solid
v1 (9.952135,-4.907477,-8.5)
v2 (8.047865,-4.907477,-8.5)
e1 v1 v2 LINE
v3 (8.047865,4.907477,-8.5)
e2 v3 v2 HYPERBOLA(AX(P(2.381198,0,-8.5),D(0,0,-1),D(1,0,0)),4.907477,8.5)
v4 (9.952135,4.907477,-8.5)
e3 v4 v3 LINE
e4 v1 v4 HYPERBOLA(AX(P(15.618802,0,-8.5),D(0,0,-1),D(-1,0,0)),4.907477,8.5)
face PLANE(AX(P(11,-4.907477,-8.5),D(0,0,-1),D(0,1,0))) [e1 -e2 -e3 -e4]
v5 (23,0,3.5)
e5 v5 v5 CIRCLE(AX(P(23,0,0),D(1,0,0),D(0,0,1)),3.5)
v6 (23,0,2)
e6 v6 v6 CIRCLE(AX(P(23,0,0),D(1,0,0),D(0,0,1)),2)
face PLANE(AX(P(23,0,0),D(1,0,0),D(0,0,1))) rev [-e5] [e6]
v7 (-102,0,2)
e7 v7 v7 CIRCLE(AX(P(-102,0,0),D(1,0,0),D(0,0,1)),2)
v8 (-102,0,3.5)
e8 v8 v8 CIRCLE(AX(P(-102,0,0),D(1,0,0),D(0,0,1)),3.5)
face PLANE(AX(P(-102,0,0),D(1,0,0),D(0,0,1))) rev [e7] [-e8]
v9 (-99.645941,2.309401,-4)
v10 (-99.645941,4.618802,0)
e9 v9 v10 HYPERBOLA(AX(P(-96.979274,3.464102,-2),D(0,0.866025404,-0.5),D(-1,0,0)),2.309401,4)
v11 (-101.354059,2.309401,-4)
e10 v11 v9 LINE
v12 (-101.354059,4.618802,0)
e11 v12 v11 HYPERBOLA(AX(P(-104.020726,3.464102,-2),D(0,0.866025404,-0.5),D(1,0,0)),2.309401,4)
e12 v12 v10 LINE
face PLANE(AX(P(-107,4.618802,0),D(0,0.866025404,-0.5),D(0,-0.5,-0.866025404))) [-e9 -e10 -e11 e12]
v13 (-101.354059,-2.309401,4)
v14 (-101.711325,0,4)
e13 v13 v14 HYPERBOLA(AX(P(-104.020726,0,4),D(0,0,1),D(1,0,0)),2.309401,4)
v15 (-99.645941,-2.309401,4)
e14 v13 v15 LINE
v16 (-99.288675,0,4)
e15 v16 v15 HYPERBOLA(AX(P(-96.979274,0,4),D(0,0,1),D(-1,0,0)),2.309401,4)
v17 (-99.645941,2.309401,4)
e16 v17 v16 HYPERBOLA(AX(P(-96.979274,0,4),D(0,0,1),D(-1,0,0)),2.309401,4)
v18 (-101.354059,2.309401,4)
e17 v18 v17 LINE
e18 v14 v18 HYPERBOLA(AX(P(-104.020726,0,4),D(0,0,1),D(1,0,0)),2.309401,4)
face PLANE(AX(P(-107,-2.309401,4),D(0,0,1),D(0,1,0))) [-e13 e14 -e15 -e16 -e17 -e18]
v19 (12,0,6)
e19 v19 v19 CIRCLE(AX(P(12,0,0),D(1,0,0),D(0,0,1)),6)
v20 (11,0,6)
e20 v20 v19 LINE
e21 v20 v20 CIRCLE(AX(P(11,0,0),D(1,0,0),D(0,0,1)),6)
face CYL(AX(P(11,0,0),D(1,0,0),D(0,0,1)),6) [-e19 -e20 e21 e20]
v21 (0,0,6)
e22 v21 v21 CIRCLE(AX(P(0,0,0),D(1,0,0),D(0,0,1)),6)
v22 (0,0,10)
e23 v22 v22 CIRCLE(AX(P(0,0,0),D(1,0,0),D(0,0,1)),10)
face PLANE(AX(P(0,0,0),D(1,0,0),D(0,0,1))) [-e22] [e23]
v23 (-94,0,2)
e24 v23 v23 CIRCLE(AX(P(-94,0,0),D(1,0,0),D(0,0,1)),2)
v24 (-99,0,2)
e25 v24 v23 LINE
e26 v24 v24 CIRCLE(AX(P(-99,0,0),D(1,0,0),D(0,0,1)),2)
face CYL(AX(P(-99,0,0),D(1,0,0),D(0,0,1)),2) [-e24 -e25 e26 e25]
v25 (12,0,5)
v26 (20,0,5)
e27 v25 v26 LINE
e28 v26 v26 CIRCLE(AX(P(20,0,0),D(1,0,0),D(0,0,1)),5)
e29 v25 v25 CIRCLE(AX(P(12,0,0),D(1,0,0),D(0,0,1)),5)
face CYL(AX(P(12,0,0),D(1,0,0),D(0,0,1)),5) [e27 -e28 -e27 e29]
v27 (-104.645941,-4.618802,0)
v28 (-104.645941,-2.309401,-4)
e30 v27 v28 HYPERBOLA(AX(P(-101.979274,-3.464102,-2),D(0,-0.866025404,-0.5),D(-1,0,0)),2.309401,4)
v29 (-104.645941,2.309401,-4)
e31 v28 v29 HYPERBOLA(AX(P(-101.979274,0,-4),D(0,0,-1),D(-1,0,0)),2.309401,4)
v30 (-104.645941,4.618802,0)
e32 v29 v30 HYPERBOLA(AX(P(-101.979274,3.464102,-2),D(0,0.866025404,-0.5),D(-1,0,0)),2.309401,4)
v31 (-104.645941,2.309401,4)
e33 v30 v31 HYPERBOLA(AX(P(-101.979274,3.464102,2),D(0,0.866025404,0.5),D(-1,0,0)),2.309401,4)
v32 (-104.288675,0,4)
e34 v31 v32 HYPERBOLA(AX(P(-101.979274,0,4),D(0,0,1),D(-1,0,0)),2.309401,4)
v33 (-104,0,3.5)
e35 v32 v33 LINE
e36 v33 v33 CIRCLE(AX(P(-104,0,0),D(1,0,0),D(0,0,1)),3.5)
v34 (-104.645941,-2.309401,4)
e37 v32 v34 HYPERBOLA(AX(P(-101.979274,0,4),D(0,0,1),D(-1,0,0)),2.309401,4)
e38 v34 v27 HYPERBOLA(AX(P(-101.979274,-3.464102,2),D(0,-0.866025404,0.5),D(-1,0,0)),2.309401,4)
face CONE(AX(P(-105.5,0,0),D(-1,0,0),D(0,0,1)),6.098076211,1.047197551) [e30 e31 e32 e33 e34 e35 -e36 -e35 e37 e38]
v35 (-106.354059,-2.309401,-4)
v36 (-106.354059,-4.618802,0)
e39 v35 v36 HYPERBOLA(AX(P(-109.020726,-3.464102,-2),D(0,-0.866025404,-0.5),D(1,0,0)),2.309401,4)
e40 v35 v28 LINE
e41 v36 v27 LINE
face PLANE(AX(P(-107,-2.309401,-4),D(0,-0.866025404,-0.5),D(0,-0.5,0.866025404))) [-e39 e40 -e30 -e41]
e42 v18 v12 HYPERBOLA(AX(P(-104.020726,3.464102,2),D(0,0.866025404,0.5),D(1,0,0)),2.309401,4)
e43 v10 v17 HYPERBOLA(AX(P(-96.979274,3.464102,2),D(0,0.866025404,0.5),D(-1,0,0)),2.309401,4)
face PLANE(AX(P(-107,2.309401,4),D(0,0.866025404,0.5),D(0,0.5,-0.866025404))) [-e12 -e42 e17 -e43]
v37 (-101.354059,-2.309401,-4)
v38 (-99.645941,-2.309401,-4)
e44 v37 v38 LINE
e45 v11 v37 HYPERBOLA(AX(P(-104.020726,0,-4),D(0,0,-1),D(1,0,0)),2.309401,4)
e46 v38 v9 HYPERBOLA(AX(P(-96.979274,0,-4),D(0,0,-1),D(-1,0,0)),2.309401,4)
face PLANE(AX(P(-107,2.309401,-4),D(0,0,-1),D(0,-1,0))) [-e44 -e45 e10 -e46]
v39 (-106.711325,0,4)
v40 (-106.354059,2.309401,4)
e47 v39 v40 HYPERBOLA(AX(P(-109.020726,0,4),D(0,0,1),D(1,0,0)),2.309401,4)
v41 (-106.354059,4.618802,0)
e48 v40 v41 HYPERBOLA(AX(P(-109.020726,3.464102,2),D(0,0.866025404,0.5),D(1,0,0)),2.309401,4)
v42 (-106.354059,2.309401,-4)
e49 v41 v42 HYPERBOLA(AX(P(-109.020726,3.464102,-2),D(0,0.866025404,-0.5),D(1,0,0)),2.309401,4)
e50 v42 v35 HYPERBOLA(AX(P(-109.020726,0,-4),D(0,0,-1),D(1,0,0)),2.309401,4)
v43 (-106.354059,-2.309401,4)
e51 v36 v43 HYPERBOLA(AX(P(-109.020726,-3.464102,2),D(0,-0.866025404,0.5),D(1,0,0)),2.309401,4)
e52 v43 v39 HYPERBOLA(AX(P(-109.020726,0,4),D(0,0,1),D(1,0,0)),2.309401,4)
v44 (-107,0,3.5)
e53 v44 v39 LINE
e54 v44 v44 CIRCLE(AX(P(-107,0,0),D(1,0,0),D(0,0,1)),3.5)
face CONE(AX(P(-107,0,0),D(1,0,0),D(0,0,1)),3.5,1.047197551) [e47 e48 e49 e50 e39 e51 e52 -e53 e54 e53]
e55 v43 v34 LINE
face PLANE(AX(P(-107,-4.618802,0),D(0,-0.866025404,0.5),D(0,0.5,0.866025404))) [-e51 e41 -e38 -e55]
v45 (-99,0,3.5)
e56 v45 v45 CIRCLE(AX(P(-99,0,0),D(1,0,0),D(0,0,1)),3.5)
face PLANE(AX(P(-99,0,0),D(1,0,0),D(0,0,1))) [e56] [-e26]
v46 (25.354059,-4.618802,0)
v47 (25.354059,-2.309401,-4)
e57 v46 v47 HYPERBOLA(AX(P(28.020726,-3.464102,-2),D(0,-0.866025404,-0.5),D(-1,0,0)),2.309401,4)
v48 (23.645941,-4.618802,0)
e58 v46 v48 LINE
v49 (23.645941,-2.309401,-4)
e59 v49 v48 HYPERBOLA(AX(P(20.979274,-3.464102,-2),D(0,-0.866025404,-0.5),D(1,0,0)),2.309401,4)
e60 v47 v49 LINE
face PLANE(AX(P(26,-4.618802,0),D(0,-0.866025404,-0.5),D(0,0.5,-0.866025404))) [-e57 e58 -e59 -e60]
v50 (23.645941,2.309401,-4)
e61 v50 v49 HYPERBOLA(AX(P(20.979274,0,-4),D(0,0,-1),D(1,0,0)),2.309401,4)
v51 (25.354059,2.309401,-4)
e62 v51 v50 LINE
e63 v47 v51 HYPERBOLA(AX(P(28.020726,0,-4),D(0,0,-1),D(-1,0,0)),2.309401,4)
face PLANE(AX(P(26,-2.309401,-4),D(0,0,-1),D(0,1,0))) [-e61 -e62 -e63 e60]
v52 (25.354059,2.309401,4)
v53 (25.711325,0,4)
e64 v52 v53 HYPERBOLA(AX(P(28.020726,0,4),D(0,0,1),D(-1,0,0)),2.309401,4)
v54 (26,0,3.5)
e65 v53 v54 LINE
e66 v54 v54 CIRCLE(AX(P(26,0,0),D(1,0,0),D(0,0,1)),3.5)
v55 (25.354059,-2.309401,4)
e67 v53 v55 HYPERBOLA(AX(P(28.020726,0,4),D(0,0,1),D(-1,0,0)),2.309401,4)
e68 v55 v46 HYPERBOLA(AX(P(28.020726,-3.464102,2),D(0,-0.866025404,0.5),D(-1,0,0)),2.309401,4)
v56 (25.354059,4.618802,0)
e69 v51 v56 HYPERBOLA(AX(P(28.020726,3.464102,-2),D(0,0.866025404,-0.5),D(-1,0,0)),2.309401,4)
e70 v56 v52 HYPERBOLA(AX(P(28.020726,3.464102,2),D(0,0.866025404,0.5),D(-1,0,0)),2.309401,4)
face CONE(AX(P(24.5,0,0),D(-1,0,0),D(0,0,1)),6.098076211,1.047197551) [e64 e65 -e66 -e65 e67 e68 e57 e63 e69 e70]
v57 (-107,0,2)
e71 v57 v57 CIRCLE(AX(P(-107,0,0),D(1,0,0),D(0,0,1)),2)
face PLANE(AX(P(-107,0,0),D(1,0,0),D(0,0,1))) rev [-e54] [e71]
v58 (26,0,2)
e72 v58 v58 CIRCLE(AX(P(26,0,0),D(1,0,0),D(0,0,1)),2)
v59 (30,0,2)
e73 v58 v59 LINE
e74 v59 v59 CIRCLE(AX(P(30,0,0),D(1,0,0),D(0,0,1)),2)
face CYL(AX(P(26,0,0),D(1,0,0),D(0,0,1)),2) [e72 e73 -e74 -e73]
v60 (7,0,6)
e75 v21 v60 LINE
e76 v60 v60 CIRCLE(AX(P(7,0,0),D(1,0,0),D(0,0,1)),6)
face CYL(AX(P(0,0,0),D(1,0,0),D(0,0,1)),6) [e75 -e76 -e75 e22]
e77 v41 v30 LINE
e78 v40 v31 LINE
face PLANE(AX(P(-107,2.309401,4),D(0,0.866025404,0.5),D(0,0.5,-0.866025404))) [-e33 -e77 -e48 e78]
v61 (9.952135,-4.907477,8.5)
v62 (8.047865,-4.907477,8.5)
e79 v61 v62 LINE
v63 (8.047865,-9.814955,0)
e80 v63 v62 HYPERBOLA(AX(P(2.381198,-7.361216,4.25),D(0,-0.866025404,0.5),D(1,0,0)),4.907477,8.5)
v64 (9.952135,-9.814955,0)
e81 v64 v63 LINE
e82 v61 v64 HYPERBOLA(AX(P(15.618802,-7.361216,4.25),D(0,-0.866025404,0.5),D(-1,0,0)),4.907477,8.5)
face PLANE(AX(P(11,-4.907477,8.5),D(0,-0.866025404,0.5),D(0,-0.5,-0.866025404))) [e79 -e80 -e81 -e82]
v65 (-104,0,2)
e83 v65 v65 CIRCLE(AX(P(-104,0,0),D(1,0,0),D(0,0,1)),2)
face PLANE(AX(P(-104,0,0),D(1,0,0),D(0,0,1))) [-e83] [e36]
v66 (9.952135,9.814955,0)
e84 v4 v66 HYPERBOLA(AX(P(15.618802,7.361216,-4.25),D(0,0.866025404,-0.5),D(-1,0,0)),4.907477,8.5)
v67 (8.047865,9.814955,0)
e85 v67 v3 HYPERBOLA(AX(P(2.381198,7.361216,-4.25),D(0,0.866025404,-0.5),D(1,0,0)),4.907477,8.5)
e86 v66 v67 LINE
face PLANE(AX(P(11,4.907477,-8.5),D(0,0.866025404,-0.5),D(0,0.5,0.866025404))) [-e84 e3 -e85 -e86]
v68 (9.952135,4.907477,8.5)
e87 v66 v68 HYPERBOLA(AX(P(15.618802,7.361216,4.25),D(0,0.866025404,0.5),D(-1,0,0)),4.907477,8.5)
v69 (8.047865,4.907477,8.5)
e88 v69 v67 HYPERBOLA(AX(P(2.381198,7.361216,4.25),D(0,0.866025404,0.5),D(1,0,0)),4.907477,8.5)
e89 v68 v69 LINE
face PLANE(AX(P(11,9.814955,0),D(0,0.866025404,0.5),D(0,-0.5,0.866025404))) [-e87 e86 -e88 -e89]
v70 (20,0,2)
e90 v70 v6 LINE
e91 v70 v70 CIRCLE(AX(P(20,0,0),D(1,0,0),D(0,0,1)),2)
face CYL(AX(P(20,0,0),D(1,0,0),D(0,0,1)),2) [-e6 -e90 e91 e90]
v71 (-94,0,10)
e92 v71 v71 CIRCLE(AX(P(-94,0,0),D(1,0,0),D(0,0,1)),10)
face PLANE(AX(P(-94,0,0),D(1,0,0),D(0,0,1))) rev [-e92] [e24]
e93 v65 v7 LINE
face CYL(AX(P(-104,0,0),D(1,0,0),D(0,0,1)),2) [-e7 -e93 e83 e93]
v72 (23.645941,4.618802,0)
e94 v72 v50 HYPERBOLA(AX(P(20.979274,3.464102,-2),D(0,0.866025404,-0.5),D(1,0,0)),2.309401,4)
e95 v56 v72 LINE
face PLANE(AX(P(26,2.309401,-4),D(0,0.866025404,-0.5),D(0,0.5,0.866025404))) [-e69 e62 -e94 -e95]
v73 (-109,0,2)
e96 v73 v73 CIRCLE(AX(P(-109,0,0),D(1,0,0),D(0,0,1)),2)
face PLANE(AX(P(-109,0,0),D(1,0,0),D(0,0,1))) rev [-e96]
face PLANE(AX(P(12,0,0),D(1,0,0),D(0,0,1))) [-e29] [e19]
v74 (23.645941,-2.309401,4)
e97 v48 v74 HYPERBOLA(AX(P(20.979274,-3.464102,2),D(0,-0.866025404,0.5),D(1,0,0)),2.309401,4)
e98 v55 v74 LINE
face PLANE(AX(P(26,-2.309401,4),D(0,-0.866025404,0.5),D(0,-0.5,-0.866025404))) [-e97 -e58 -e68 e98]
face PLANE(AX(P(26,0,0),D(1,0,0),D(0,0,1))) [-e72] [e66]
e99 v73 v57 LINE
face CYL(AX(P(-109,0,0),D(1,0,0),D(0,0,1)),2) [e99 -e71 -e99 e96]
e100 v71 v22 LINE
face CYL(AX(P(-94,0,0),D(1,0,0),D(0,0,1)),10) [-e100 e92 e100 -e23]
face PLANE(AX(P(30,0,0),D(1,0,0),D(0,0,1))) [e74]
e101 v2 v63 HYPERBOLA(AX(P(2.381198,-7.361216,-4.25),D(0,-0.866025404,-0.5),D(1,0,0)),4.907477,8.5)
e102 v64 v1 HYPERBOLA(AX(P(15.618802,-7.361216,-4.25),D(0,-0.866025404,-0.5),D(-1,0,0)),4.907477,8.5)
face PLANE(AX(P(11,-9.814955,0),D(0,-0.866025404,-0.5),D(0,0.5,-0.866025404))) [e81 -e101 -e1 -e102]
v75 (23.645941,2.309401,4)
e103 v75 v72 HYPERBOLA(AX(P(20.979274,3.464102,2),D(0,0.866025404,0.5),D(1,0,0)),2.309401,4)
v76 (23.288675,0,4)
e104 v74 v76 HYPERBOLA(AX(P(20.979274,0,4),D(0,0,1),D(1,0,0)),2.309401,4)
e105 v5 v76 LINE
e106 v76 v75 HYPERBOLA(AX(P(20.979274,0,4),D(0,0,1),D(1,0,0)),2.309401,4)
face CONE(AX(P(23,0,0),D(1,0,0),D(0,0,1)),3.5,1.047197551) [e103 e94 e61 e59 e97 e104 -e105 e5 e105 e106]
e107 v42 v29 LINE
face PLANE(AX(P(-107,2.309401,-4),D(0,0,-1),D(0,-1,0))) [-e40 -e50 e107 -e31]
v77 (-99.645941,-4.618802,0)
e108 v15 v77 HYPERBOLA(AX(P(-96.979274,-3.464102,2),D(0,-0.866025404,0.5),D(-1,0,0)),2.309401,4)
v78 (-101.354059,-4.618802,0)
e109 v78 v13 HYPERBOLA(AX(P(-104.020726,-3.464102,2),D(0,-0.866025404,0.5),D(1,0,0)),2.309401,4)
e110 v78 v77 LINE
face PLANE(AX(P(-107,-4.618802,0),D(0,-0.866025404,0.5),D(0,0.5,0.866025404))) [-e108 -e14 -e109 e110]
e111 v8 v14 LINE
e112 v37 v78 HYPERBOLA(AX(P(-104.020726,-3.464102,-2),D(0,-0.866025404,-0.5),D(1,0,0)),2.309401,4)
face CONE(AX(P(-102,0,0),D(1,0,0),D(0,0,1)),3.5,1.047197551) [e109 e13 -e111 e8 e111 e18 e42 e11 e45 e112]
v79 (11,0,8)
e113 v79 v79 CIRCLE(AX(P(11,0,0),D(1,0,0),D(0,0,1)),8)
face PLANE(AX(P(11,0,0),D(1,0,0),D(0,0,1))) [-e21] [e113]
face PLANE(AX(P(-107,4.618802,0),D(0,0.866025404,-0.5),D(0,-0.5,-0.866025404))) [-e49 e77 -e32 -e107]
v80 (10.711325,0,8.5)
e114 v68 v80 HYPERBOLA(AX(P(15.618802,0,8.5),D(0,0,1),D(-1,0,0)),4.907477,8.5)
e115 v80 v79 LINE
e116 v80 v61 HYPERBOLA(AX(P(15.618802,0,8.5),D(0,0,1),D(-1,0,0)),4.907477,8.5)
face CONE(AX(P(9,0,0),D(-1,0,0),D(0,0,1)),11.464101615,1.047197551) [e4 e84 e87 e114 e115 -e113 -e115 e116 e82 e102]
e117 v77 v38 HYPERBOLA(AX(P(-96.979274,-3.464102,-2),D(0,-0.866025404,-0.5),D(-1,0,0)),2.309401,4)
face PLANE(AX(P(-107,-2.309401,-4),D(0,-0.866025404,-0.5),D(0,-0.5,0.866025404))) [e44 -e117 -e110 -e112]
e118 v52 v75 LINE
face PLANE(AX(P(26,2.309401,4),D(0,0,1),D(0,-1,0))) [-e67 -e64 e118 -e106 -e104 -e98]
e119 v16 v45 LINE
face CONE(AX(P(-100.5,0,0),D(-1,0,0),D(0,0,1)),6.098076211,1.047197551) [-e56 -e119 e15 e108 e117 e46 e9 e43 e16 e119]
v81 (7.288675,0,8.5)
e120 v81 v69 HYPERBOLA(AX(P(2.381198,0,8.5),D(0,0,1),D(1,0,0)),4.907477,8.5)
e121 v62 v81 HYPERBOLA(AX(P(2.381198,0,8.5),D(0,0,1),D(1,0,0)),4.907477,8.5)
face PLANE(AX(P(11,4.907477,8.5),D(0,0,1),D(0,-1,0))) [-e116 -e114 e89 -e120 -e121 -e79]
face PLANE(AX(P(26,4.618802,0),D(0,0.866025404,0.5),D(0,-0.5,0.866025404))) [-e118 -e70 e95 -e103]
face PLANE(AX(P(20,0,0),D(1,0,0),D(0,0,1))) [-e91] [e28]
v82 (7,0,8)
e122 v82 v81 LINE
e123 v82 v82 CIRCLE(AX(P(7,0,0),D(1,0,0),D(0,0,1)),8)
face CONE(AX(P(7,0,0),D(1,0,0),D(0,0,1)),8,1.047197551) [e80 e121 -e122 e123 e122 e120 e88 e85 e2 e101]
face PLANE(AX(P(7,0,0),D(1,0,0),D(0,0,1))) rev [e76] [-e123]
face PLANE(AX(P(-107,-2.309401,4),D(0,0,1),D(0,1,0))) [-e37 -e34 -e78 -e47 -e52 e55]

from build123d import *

# Parameters (mm, degrees)
SKETCH2_OUTSIDE_W  = 53.474
SKETCH2_OUTSIDE_H  = 53.474
CUT_EXTRUDE1_DEPTH = 3
SKETCH3_OUTSIDE_W  = 53.474
SKETCH3_OUTSIDE_H  = 53.474
CUT_EXTRUDE2_DEPTH = 4
SKETCH4_OUTSIDE_W  = 50.37
SKETCH4_OUTSIDE_H  = 50.37
CUT_EXTRUDE3_DEPTH = 8


with BuildPart() as part:
    # Sketch1 → Revolve1 (revolve)
    with BuildSketch(Plane.XY, mode=Mode.PRIVATE) as revolve1_sk:
        Polygon((30, 0), (-109, 0), (-109, 2), (-107, 2), (-107, 3.5), (-105.5, 6.098076211), (-104, 3.5), (-104, 2), (-102, 2), (-102, 3.5), (-100.5, 6.098076211), (-99, 3.5), (-99, 2), (-94, 2), (-94, 10), (0, 10), (0, 6), (7, 6), (7, 8), (9, 11.464101615), (11, 8), (11, 6), (12, 6), (12, 5), (20, 5), (20, 2), (23, 2), (23, 3.5), (24.5, 6.098076211), (26, 3.5), (26, 2), (30, 2), align=None)
    revolve(revolve1_sk.sketch.rotate(Axis((30, 0, 0), (1, 0, 0)), 90), axis=Axis((30, 0, 0), (1, 0, 0)))

    # Sketch2 outside → Cut-Extrude1 (cut)
    with BuildSketch(Plane(origin=(26, 0, 0), x_dir=(0, 0, -1), z_dir=(1, 0, 0))):
        Rectangle(SKETCH2_OUTSIDE_W, SKETCH2_OUTSIDE_H)
        Polygon((0, -4.618802154), (4, -2.309401077), (4, 2.309401077), (0, 4.618802154), (-4, 2.309401077), (-4, -2.309401077), align=None, mode=Mode.SUBTRACT)
    extrude(amount=-CUT_EXTRUDE1_DEPTH, mode=Mode.SUBTRACT)

    # Sketch3 outside → Cut-Extrude2 (cut)
    with BuildSketch(Plane(origin=(11, 0, 0), x_dir=(0, 0, -1), z_dir=(1, 0, 0))):
        Rectangle(SKETCH3_OUTSIDE_W, SKETCH3_OUTSIDE_H)
        Polygon((0, 9.814954576), (-8.5, 4.907477288), (-8.5, -4.907477288), (0, -9.814954576), (8.5, -4.907477288), (8.5, 4.907477288), align=None, mode=Mode.SUBTRACT)
    extrude(amount=-CUT_EXTRUDE2_DEPTH, mode=Mode.SUBTRACT)

    # Sketch4 outside → Cut-Extrude3 (cut)
    with BuildSketch(Plane.ZY.offset(107)):
        Rectangle(SKETCH4_OUTSIDE_W, SKETCH4_OUTSIDE_H)
        Polygon((0, 4.618802154), (-4, 2.309401077), (-4, -2.309401077), (0, -4.618802154), (4, -2.309401077), (4, 2.309401077), align=None, mode=Mode.SUBTRACT)
    extrude(amount=-CUT_EXTRUDE3_DEPTH, mode=Mode.SUBTRACT)


solid = part.part
